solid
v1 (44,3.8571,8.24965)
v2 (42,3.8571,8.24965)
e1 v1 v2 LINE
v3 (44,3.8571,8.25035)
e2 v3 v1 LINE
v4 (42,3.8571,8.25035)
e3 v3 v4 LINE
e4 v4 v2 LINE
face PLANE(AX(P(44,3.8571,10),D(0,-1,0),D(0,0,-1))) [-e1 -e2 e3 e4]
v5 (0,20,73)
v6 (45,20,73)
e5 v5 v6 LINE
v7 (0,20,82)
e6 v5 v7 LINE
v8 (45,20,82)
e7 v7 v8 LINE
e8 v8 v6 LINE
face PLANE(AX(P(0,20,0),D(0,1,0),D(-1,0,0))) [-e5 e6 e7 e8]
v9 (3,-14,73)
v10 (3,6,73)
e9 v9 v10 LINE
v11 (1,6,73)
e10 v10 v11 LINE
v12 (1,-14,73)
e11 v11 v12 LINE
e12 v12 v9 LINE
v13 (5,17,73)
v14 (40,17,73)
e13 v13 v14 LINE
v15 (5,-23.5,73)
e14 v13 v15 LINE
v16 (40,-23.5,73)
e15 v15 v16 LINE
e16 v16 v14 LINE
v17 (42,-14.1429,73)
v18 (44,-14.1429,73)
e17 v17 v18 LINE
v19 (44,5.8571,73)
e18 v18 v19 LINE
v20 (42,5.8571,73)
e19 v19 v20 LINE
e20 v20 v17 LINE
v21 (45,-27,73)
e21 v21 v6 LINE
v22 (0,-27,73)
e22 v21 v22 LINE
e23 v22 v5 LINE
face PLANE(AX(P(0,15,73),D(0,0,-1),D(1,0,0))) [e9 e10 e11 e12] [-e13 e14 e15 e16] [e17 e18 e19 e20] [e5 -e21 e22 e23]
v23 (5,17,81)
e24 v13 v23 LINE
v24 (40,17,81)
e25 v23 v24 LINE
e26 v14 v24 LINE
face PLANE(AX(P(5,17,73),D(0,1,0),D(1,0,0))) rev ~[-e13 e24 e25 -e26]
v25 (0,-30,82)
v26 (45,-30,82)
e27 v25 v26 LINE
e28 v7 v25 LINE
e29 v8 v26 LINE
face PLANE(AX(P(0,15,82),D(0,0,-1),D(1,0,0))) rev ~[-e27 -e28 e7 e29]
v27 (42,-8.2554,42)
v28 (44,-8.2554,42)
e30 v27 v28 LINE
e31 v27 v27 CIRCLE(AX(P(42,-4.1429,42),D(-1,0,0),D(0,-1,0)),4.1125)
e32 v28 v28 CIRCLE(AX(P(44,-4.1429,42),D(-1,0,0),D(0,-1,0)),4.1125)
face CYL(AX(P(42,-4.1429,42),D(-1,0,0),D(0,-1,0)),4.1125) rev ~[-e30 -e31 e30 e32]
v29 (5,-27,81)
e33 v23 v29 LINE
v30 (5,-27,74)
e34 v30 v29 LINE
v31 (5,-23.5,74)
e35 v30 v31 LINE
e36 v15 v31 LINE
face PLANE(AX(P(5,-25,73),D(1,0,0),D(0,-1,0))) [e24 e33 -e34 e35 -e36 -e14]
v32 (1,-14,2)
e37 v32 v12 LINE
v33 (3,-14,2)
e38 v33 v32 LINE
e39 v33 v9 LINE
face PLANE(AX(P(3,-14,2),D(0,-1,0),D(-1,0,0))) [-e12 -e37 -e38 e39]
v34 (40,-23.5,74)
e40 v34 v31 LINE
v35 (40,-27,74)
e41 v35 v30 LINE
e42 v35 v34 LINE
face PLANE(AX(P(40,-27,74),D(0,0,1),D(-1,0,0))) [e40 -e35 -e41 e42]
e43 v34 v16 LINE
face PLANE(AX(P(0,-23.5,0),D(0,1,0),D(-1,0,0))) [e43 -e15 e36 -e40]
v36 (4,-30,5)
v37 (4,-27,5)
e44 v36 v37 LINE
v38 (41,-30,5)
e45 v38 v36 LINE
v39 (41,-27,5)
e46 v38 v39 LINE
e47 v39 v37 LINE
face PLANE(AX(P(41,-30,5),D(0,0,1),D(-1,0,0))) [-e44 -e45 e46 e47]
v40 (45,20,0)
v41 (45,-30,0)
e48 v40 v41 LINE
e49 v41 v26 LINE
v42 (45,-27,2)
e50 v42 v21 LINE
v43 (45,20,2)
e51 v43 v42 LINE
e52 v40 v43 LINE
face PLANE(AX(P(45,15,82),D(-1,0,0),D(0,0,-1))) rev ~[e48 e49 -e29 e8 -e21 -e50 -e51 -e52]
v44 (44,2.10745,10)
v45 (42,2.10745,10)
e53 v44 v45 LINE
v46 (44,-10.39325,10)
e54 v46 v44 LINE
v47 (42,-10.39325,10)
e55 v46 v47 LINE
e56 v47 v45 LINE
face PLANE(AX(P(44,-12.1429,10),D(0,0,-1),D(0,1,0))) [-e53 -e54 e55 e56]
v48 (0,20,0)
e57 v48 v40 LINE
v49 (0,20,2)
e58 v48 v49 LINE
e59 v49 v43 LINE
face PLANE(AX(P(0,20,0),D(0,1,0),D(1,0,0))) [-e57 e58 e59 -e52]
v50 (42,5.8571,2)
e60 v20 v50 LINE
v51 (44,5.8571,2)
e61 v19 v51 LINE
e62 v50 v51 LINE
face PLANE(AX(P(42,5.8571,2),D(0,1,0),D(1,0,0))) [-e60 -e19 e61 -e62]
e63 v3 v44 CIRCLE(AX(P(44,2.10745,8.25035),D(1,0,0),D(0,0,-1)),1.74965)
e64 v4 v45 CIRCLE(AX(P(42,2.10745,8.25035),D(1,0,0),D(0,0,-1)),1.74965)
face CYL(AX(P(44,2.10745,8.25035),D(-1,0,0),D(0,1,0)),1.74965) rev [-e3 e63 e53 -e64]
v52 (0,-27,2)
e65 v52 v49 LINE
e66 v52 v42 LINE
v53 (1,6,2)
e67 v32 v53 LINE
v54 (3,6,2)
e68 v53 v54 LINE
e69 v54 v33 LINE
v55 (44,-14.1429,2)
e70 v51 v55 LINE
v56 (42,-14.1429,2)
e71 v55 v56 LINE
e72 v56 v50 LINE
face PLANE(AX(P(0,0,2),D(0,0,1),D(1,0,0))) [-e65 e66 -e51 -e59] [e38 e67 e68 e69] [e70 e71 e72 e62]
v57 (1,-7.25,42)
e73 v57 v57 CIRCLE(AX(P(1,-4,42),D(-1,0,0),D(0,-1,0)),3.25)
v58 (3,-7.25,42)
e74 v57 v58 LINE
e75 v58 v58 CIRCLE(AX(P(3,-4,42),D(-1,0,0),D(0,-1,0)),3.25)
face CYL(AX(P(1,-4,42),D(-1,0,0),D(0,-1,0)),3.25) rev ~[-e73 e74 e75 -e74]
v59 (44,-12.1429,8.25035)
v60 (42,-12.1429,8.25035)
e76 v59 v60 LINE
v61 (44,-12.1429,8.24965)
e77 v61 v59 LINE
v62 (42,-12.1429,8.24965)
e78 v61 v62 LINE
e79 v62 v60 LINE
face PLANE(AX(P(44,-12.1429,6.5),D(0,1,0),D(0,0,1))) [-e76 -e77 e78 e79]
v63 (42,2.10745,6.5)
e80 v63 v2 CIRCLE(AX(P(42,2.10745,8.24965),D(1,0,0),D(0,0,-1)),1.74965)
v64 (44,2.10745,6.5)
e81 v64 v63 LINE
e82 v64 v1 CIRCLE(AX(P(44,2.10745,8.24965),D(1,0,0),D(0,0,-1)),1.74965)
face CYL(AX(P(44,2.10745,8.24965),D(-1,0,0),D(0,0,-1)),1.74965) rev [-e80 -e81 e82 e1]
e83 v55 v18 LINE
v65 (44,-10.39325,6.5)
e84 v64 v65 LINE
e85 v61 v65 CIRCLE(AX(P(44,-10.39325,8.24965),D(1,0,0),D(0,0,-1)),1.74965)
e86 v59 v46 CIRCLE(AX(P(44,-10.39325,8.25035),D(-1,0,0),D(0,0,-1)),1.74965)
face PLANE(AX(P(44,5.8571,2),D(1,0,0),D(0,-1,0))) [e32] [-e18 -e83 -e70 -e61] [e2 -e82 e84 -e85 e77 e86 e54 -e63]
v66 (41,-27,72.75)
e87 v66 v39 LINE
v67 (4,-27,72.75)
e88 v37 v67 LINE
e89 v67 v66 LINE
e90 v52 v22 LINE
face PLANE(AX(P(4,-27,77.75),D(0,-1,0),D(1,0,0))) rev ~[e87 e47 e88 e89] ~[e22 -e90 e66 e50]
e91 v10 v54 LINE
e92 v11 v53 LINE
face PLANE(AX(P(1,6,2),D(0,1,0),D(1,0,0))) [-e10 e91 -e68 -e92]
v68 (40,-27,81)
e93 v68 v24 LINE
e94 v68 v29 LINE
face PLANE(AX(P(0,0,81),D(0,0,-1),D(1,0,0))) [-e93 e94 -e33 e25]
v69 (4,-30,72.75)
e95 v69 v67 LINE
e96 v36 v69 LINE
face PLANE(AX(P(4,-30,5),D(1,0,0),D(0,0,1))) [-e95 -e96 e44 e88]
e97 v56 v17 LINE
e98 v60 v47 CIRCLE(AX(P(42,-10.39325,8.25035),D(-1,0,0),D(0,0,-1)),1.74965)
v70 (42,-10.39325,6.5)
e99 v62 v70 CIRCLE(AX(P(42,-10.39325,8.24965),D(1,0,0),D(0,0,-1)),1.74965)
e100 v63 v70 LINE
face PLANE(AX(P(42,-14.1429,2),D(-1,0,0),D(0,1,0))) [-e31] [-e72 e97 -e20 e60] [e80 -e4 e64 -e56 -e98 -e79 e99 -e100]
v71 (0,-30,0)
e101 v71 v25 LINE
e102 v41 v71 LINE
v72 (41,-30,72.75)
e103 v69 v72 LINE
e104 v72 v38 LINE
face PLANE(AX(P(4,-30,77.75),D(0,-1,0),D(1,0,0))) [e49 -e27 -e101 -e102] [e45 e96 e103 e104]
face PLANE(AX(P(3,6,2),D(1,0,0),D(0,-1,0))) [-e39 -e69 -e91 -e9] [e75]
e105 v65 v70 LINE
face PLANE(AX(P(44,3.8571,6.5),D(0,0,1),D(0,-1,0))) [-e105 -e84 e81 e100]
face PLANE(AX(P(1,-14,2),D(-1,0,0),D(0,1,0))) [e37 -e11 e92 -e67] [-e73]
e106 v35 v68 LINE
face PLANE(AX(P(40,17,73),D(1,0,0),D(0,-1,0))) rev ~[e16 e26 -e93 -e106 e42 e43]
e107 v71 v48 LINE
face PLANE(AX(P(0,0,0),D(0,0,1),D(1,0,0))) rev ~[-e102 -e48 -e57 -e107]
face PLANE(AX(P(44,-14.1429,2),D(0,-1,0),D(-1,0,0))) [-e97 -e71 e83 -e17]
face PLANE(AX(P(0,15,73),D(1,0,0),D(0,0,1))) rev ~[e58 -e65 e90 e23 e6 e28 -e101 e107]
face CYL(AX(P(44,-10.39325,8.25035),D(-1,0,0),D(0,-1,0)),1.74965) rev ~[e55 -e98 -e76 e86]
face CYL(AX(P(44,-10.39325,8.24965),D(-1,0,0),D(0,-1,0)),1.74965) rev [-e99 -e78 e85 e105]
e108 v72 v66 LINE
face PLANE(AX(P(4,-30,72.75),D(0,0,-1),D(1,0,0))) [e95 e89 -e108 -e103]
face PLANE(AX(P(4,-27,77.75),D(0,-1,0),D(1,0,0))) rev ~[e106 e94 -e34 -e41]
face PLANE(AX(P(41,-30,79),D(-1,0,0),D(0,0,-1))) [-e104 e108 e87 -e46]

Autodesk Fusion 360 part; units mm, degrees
sketch "Sketch1" plane through (0, 0, 0) normal (0, 0, 1) x (1, 0, 0)
  line L0 (0, 20) -> (45, 20)
  line L1 (45, 20) -> (45, -30)
  line L2 (45, -30) -> (0, -30)
  line L3 (0, -30) -> (0, 20)
  dimension "d1" = 50
  dimension "d2" = 45
extrude "Extrude1" add sketch "Sketch1" along normal blind 2
sketch "Sketch2" plane through (0, 0, 2) normal (0, 0, 1) x (-1, 0, 0)
  line L0 (0, 30) -> (-45, 30)
  line L1 (-45, 30) -> (-45, -20)
  line L2 (-45, -20) -> (0, -20)
  line L3 (0, -20) -> (0, 30)
  line L4 (-1, -6) -> (-3, -6)
  line L5 (-3, -6) -> (-3, 14)
  line L6 (-3, 14) -> (-1, 14)
  line L7 (-1, 14) -> (-1, -6)
  line L8 (-42, -5.8571) -> (-44, -5.8571)
  line L9 (-44, -5.8571) -> (-44, 14.1429)
  line L10 (-44, 14.1429) -> (-42, 14.1429)
  line L11 (-42, 14.1429) -> (-42, -5.8571)
  line L12 (-45, -20) -> (-45, 30)
  line L13 (0, 27) -> (-45, 27)
  line L14 (-45, 27) -> (-45, 30)
  line L15 (-45, 30) -> (0, 30)
  line L16 (0, 30) -> (0, 27)
  dimension "d5" = 20
  dimension "d6" = 2
  dimension "d10" = 2
  dimension "d11" = 39
  dimension "d44" = 1
extrude "Extrude2" add sketch "Sketch2" along normal blind 50 contours L4 L5 L6 L7 | L8 L9 L10 L11
sketch "Sketch3" plane through (42, 0, 0) normal (-1, 0, 0) x (0, -1, 0)
  line L0 (-5.8571, 2) -> (14.1429, 2)
  line L1 (14.1429, 2) -> (14.1429, 52)
  line L2 (14.1429, 52) -> (-5.8571, 52)
  line L3 (-5.8571, 52) -> (-5.8571, 2)
  circle A0 centre (4.1429, 42) radius 4.1125
  dimension "d15" = 8.225
  dimension "d16" = 40
  dimension "d34" = 10
extrude "Extrude3" cut sketch "Sketch3" against normal blind 2 contours A0
sketch "Sketch4" plane through (1, 0, 0) normal (-1, 0, 0) x (0, -1, 0)
  line L0 (-6, 2) -> (14, 2)
  line L1 (14, 2) -> (14, 52)
  line L2 (14, 52) -> (-6, 52)
  line L3 (-6, 52) -> (-6, 2)
  circle A0 centre (4, 42) radius 3.25
  dimension "d19" = 6.5
  dimension "d33" = 10
  dimension "d41" = 10
extrude "Extrude4" cut sketch "Sketch4" against normal blind 2 contours A0
extrude "Extrude5" add sketch "Sketch2" along normal blind 80 contours L0 L1 L3 L12 L13 L14 L15 L16
sketch "Sketch6" plane through (0, -30, 0) normal (0, -1, 0) x (1, 0, 0)
  line L0 (0, 0) -> (45, 0)
  line L1 (45, 0) -> (45, 82)
  line L2 (0, 82) -> (0, 0)
  line L3 (4, 79) -> (41, 79)
  line L4 (41, 79) -> (41, 5)
  line L5 (41, 5) -> (4, 5)
  line L6 (4, 5) -> (4, 79)
  line L7 (45, 82) -> (0, 82)
  dimension "d49" = 74
  dimension "d50" = 5
  dimension "d63" = 37
  dimension "d64" = 4
extrude "Extrude6" cut sketch "Sketch6" against normal blind 3 contours L3 L4 L5 L6
extrude "Extrude9" add 1 faces at (16.3333, -29, 79) along direction (0, 0, -1) blind 1.25
extrude "Extrude10" add 2 faces at (43.3333, -0.8095, 52) (1.6667, -0.6667, 52) along direction (0, 0, 1) blind 26
sketch "Sketch9" plane through (0, -27, 0) normal (0, 1, 0) x (-1, 0, 0)
  line L0 (-45, 2) -> (0, 2)
  line L1 (0, 2) -> (0, 82)
  line L2 (0, 82) -> (-45, 82)
  line L3 (-45, 82) -> (-45, 2)
  line L4 (-45, 82) -> (0, 82)
  line L5 (0, 82) -> (0, 73)
  line L6 (0, 73) -> (-45, 73)
  line L7 (-45, 73) -> (-45, 82)
  line L8 (-41, 5) -> (-41, 77.75)
  line L9 (-41, 77.75) -> (-4, 77.75)
  line L10 (-4, 77.75) -> (-4, 5)
  line L11 (-4, 5) -> (-41, 5)
  dimension "d51" = 9
extrude "Extrude11" add sketch "Sketch9" along normal blind 37 contours L1 L2 L3 L4 L5 L6 L7 L8 L9 L10 | L6 L8 L9 L10
extrude "Extrude12" add 1 faces at (30, 10, 79) along direction (0, 1, 0) blind 5
sketch "Sketch10" plane through (0, 0, 73) normal (0, 0, -1) x (1, 0, 0)
  line L0 (1, -6) -> (1, 14)
  line L1 (1, 14) -> (3, 14)
  line L2 (3, 14) -> (3, -6)
  line L3 (3, -6) -> (1, -6)
  line L4 (42, -5.8571) -> (42, 14.1429)
  line L5 (42, 14.1429) -> (44, 14.1429)
  line L6 (44, 14.1429) -> (44, -5.8571)
  line L7 (44, -5.8571) -> (42, -5.8571)
  line L8 (4, 27) -> (0, 27)
  line L9 (0, 27) -> (0, -15)
  line L10 (0, -15) -> (45, -15)
  line L11 (45, -15) -> (45, 27)
  line L12 (40, -12.6) -> (5, -12.6)
  line L13 (5, -12.6) -> (5, 25)
  line L14 (5, 25) -> (40, 25)
  line L15 (40, 25) -> (40, -12.6)
  line L16 (45, 27) -> (41, 27)
  line L17 (41, 27) -> (4, 27)
  line L18 (40, 25) -> (5, 25)
  line L19 (5, 25) -> (5, 27)
  line L20 (5, 27) -> (40, 27)
  line L21 (40, 27) -> (40, 25)
  dimension "d74" = 2
  dimension "d75" = 37.6
extrude "Extrude13" cut sketch "Sketch10" against normal blind 8 contours L12 L13 L14 L15 L18
extrude "Extrude14" add 1 faces at (16.3333, -29, 77.75) along direction (0, 0, -1) blind 5
extrude "Extrude15" cut sketch "Sketch10" against normal blind 8 contours L14 L17 L18 L19 L20 L21
sketch "Sketch11" plane through (0, -27, 0) normal (0, 1, 0) x (-1, 0, 0)
  line L0 (-4, 72.75) -> (-4, 5)
  line L1 (-4, 5) -> (-41, 5)
  line L2 (-41, 5) -> (-41, 72.75)
  line L3 (-41, 72.75) -> (-4, 72.75)
  line L4 (0, 73) -> (-5, 73)
  line L5 (-5, 73) -> (-5, 81)
  line L6 (-5, 81) -> (-40, 81)
  line L7 (-40, 81) -> (-40, 73)
  line L8 (-40, 73) -> (-45, 73)
  line L9 (-45, 73) -> (-45, 2)
  line L10 (-45, 2) -> (0, 2)
  line L11 (0, 2) -> (0, 73)
  line L12 (-40, 74) -> (-5, 74)
  line L13 (-5, 74) -> (-5, 73)
  line L14 (-5, 73) -> (-40, 73)
  line L15 (-40, 73) -> (-40, 74)
extrude "Extrude16" add sketch "Sketch11" along normal blind 3.5 contours L5 L7 L12 L13 L14 L15
sketch "Sketch12" plane through (44, 0, 0) normal (1, 0, 0) x (0, 1, 0)
  line L0 (5.8571, 73) -> (-14.1429, 73)
  line L1 (-14.1429, 73) -> (-14.1429, 2)
  line L2 (-14.1429, 2) -> (5.8571, 2)
  line L3 (5.8571, 2) -> (5.8571, 73)
  circle A0 centre (-4.1429, 42) radius 4.1125
  line L4 (-12.1429, 10) -> (3.8571, 10)
  line L5 (3.8571, 10) -> (3.8571, 6.5)
  line L6 (3.8571, 6.5) -> (-12.1429, 6.5)
  line L7 (-12.1429, 6.5) -> (-12.1429, 10)
  dimension "d65" = 3.5
  dimension "d66" = 2
  dimension "d67" = 16
extrude "Extrude17" cut sketch "Sketch12" against normal blind 2 contours L4 L5 L6 L7
fillet "Fillet1" radius 1.75 4 edges at (43, 3.8571, 6.5) (43, 3.8571, 10) (43, -12.1429, 10) (43, -12.1429, 6.5)
extrude "Extrude18" add 1 faces at (30, 15, 79) along direction (0, 1, 0) blind 5
sketch "Sketch13" plane through (0, 0, 73) normal (0, 0, -1) x (1, 0, 0)
  line L0 (40, 23.5) -> (40, -12.6)
  line L1 (40, -12.6) -> (5, -12.6)
  line L2 (5, -12.6) -> (5, 23.5)
  line L3 (5, 23.5) -> (40, 23.5)
  line L4 (45, 27) -> (0, 27)
  line L5 (0, 27) -> (0, -20)
  line L6 (0, -20) -> (45, -20)
  line L7 (45, -20) -> (45, 27)
  line L8 (1, -6) -> (1, 14)
  line L9 (1, 14) -> (3, 14)
  line L10 (3, 14) -> (3, -6)
  line L11 (3, -6) -> (1, -6)
  line L12 (42, -5.8571) -> (42, 14.1429)
  line L13 (42, 14.1429) -> (44, 14.1429)
  line L14 (44, 14.1429) -> (44, -5.8571)
  line L15 (44, -5.8571) -> (42, -5.8571)
  line L16 (40, -12.6) -> (5, -12.6)
  line L17 (5, -12.6) -> (5, -17)
  line L18 (5, -17) -> (40, -17)
  line L19 (40, -17) -> (40, -12.6)
extrude "Extrude19" cut sketch "Sketch13" against normal blind 8 contours L1 L16 L17 L18 L19
